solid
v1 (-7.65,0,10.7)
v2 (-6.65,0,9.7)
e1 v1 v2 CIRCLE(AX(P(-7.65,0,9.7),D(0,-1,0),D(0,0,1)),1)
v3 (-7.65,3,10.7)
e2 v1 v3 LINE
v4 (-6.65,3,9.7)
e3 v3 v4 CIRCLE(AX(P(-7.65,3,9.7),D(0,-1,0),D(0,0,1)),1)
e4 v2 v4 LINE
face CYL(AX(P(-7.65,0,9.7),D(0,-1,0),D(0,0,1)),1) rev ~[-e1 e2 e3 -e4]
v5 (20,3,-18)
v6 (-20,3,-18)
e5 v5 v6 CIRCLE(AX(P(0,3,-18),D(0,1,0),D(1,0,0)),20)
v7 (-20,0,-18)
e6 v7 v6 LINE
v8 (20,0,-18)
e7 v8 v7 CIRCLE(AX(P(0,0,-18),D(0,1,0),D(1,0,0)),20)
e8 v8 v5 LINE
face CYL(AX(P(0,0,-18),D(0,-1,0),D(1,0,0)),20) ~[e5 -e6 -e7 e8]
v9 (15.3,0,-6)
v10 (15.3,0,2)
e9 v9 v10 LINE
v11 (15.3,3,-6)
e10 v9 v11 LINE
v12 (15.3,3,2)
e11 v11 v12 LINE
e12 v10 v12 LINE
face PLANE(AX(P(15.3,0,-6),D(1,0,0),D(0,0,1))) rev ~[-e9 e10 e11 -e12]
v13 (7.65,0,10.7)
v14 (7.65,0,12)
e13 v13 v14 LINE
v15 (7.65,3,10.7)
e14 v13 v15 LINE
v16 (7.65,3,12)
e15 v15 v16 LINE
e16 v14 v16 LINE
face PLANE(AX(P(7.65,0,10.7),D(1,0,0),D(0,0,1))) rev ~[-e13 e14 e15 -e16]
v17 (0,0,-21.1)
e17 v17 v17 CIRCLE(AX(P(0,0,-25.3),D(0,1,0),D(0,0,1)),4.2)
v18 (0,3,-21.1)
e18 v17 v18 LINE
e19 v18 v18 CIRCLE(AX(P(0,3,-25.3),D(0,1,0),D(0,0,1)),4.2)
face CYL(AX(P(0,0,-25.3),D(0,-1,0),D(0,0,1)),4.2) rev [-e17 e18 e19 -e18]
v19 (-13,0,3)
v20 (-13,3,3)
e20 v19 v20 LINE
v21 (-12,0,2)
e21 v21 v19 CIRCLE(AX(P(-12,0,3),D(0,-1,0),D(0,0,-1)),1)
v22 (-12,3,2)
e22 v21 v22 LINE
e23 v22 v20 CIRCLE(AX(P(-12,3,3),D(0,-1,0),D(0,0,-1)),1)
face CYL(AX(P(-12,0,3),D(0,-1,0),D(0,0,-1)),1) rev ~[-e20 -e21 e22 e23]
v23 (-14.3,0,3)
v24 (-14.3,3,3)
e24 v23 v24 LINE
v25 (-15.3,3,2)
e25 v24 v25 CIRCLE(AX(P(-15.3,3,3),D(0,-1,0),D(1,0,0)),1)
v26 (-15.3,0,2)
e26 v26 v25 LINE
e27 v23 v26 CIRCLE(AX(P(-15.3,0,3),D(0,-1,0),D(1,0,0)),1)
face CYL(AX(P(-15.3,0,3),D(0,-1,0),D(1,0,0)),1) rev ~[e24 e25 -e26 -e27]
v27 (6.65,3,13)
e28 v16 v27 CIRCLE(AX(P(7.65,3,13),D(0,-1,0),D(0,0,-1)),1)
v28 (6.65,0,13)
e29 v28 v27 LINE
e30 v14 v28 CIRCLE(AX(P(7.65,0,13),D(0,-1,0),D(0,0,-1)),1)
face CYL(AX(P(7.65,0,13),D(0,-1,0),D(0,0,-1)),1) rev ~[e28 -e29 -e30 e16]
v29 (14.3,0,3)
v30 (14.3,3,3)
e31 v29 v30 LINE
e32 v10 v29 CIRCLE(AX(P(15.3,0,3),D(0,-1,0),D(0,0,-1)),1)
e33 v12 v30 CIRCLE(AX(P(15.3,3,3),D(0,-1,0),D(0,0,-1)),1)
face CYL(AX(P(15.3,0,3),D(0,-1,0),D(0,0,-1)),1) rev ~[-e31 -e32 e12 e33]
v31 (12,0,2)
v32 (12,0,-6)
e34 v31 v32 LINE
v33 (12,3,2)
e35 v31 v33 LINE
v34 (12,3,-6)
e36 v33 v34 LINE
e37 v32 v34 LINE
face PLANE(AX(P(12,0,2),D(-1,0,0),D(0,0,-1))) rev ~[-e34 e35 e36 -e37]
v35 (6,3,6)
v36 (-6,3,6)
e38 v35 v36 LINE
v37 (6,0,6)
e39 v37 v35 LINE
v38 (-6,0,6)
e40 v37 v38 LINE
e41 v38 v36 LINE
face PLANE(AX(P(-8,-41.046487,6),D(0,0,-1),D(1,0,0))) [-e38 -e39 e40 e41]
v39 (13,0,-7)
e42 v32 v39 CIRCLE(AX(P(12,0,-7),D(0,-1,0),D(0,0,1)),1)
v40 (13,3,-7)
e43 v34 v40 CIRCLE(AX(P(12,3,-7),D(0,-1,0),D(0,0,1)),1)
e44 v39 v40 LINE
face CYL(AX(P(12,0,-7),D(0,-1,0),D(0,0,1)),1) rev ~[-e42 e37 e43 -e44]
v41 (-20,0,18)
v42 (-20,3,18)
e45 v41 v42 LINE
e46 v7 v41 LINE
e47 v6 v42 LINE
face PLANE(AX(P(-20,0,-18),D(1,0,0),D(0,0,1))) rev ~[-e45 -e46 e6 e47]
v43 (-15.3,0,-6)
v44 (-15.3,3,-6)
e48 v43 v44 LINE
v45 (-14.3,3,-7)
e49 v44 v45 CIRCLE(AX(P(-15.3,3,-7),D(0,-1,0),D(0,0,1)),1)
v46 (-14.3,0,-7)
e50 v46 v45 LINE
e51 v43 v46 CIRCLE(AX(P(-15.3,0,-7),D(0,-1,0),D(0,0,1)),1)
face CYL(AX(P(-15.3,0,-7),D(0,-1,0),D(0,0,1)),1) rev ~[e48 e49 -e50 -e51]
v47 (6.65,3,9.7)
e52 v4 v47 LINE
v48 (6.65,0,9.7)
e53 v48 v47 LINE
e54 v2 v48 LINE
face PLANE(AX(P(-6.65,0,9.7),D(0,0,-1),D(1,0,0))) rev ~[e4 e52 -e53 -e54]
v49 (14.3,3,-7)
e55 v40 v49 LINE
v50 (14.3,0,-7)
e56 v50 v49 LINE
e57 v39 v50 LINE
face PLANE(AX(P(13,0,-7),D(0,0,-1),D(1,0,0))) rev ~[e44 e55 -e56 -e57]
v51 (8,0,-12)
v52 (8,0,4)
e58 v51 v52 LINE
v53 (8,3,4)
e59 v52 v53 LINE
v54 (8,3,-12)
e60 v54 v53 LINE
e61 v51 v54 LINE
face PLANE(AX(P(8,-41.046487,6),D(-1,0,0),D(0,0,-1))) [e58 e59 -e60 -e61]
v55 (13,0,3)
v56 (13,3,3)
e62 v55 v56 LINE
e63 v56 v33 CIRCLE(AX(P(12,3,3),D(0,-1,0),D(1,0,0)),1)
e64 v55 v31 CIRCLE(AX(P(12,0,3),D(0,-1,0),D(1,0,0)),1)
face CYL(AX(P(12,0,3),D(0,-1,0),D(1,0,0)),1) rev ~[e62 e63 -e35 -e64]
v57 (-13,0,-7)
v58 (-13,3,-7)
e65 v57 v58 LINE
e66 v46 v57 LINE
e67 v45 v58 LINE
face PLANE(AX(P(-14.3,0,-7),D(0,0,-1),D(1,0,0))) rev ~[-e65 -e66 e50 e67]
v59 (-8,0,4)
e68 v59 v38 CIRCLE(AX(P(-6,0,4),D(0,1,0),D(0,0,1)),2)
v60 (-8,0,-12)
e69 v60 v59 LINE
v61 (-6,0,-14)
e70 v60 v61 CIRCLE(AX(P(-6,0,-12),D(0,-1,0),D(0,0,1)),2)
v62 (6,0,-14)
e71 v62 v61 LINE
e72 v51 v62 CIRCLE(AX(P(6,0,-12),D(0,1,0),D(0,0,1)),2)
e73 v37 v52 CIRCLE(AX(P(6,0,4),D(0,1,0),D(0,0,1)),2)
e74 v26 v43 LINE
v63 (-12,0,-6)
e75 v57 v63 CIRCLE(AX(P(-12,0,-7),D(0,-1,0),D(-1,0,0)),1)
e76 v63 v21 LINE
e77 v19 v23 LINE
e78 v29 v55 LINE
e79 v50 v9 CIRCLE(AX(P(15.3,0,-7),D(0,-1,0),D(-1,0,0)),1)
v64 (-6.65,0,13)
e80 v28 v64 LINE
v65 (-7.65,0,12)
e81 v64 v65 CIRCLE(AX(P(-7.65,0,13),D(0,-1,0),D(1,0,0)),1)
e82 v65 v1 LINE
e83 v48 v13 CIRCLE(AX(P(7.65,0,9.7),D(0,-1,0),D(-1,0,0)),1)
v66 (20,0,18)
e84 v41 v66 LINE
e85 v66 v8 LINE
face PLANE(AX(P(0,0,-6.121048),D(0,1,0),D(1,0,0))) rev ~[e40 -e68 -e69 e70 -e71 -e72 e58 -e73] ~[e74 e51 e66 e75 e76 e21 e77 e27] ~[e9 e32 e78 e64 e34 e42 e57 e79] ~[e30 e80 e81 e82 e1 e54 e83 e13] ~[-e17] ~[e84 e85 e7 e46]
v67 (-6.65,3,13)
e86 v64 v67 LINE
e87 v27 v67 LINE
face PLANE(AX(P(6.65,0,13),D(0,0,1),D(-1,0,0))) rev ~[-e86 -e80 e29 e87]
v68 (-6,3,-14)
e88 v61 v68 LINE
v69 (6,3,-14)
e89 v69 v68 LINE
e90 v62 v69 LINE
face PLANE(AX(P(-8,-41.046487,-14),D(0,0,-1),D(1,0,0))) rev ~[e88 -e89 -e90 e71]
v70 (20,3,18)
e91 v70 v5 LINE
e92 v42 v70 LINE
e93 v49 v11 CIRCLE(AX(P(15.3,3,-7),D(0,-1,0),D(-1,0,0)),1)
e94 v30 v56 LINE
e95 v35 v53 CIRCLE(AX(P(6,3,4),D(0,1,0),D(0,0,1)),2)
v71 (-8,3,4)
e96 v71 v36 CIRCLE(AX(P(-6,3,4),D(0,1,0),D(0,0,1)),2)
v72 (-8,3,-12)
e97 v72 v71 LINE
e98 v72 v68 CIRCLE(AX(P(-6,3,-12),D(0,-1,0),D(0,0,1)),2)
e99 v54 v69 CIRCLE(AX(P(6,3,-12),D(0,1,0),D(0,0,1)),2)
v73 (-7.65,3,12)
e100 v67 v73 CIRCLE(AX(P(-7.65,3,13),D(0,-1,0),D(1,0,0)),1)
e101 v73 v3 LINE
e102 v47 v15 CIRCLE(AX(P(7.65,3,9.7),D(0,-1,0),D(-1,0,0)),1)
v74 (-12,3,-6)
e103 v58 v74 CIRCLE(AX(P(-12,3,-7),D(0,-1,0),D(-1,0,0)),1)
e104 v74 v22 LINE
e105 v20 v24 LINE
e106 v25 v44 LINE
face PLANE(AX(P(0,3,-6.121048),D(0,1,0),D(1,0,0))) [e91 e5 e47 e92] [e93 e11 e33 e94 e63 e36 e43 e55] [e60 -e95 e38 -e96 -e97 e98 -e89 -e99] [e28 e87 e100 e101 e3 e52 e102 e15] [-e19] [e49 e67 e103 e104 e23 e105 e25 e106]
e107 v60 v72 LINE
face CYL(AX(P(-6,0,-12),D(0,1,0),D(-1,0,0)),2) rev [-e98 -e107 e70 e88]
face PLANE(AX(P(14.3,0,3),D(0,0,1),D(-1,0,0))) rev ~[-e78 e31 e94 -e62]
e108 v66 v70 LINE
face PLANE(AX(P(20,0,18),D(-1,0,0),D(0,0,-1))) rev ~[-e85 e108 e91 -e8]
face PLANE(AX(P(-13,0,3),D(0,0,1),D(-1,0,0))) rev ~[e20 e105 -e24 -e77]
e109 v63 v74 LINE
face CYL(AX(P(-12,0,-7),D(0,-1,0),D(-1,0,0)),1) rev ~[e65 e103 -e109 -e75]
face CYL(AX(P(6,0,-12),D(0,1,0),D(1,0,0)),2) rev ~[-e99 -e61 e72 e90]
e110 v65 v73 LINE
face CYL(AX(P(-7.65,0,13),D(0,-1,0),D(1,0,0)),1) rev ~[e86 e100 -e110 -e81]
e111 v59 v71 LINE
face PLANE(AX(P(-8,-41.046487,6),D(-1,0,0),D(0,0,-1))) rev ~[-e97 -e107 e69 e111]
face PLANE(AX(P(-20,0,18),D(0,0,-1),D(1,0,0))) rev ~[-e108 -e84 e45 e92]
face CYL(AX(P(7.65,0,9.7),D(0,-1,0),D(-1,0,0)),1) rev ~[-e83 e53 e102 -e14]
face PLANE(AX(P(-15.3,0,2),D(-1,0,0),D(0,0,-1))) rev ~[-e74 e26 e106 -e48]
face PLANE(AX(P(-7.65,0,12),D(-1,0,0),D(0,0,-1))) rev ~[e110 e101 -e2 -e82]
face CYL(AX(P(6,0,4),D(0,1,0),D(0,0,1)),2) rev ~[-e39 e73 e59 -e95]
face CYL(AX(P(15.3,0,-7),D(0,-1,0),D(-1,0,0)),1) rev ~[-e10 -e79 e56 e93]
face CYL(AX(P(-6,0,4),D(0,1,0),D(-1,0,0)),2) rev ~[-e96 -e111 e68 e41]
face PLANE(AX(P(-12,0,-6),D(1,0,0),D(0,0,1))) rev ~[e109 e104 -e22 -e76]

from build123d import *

# Parameters (mm, degrees)
SKETCH_1_R               = 4.2
EXTRUDE_1_DEPTH          = 3
CUT_EXTRUDE_1_DEPTH      = 44.0464865
CUT_EXTRUDE_1_DEPTH_BACK = 44.0464865
SKETCH_2_W               = 16
SKETCH_2_H               = 20
FILLET_1_R               = 2


with BuildPart() as part:
    # 草图1 → 凸台-拉伸1 (new body)
    with BuildSketch(Plane(origin=(0, 0, 0), x_dir=(1, 0, 0), z_dir=(0, 1, 0))):
        with BuildLine():
            ThreePointArc((20, 18), (0, 38), (-20, 18))
            Line((-20, 18), (-20, -18))
            Line((-20, -18), (20, -18))
            Line((20, -18), (20, 18))
        make_face()
        with Locations((0, 25.3)):
            Circle(SKETCH_1_R, mode=Mode.SUBTRACT)
        with BuildLine():
            Line((15.3, 6), (15.3, -2))
            ThreePointArc((15.3, -2), (16.007106781, -3.707106781), (14.3, -3))
            Line((14.3, -3), (13, -3))
            ThreePointArc((13, -3), (11.292893219, -3.707106781), (12, -2))
            Line((12, -2), (12, 6))
            ThreePointArc((12, 6), (11.292893219, 7.707106781), (13, 7))
            Line((13, 7), (14.3, 7))
            ThreePointArc((14.3, 7), (16.007106781, 7.707106781), (15.3, 6))
        make_face(mode=Mode.SUBTRACT)
        with BuildLine():
            Line((-12, 6), (-12, -2))
            ThreePointArc((-12, -2), (-11.292893219, -3.707106781), (-13, -3))
            Line((-13, -3), (-14.3, -3))
            ThreePointArc((-14.3, -3), (-16.007106781, -3.707106781), (-15.3, -2))
            Line((-15.3, -2), (-15.3, 6))
            ThreePointArc((-15.3, 6), (-16.007106781, 7.707106781), (-14.3, 7))
            Line((-14.3, 7), (-13, 7))
            ThreePointArc((-13, 7), (-11.292893219, 7.707106781), (-12, 6))
        make_face(mode=Mode.SUBTRACT)
        with BuildLine():
            Line((-6.65, -9.7), (6.65, -9.7))
            ThreePointArc((6.65, -9.7), (8.357106781, -8.992893219), (7.65, -10.7))
            Line((7.65, -10.7), (7.65, -12))
            ThreePointArc((7.65, -12), (8.357106781, -13.707106781), (6.65, -13))
            Line((6.65, -13), (-6.65, -13))
            ThreePointArc((-6.65, -13), (-8.357106781, -13.707106781), (-7.65, -12))
            Line((-7.65, -12), (-7.65, -10.7))
            ThreePointArc((-7.65, -10.7), (-8.357106781, -8.992893219), (-6.65, -9.7))
        make_face(mode=Mode.SUBTRACT)
    extrude(amount=EXTRUDE_1_DEPTH)

    # 草图2 → 切除-拉伸1 (cut, two sides: drawn at the far end of the back side and taken through both)
    with BuildSketch(Plane(origin=(0, 3, 0), x_dir=(1, 0, 0), z_dir=(0, 1, 0)).offset(-CUT_EXTRUDE_1_DEPTH_BACK)):
        with Locations((0, 4)):
            Rectangle(SKETCH_2_W, SKETCH_2_H)
    extrude(amount=CUT_EXTRUDE_1_DEPTH + CUT_EXTRUDE_1_DEPTH_BACK, mode=Mode.SUBTRACT)

    # 圆角1
    fillet_1_edges = [part.edges().sort_by_distance(p)[0] for p in [
        (-8, 1.5, 6),
        (8, 1.5, 6),
        (8, 1.5, -14),
        (-8, 1.5, -14),
    ]]
    fillet(fillet_1_edges, radius=FILLET_1_R)


solid = part.part
